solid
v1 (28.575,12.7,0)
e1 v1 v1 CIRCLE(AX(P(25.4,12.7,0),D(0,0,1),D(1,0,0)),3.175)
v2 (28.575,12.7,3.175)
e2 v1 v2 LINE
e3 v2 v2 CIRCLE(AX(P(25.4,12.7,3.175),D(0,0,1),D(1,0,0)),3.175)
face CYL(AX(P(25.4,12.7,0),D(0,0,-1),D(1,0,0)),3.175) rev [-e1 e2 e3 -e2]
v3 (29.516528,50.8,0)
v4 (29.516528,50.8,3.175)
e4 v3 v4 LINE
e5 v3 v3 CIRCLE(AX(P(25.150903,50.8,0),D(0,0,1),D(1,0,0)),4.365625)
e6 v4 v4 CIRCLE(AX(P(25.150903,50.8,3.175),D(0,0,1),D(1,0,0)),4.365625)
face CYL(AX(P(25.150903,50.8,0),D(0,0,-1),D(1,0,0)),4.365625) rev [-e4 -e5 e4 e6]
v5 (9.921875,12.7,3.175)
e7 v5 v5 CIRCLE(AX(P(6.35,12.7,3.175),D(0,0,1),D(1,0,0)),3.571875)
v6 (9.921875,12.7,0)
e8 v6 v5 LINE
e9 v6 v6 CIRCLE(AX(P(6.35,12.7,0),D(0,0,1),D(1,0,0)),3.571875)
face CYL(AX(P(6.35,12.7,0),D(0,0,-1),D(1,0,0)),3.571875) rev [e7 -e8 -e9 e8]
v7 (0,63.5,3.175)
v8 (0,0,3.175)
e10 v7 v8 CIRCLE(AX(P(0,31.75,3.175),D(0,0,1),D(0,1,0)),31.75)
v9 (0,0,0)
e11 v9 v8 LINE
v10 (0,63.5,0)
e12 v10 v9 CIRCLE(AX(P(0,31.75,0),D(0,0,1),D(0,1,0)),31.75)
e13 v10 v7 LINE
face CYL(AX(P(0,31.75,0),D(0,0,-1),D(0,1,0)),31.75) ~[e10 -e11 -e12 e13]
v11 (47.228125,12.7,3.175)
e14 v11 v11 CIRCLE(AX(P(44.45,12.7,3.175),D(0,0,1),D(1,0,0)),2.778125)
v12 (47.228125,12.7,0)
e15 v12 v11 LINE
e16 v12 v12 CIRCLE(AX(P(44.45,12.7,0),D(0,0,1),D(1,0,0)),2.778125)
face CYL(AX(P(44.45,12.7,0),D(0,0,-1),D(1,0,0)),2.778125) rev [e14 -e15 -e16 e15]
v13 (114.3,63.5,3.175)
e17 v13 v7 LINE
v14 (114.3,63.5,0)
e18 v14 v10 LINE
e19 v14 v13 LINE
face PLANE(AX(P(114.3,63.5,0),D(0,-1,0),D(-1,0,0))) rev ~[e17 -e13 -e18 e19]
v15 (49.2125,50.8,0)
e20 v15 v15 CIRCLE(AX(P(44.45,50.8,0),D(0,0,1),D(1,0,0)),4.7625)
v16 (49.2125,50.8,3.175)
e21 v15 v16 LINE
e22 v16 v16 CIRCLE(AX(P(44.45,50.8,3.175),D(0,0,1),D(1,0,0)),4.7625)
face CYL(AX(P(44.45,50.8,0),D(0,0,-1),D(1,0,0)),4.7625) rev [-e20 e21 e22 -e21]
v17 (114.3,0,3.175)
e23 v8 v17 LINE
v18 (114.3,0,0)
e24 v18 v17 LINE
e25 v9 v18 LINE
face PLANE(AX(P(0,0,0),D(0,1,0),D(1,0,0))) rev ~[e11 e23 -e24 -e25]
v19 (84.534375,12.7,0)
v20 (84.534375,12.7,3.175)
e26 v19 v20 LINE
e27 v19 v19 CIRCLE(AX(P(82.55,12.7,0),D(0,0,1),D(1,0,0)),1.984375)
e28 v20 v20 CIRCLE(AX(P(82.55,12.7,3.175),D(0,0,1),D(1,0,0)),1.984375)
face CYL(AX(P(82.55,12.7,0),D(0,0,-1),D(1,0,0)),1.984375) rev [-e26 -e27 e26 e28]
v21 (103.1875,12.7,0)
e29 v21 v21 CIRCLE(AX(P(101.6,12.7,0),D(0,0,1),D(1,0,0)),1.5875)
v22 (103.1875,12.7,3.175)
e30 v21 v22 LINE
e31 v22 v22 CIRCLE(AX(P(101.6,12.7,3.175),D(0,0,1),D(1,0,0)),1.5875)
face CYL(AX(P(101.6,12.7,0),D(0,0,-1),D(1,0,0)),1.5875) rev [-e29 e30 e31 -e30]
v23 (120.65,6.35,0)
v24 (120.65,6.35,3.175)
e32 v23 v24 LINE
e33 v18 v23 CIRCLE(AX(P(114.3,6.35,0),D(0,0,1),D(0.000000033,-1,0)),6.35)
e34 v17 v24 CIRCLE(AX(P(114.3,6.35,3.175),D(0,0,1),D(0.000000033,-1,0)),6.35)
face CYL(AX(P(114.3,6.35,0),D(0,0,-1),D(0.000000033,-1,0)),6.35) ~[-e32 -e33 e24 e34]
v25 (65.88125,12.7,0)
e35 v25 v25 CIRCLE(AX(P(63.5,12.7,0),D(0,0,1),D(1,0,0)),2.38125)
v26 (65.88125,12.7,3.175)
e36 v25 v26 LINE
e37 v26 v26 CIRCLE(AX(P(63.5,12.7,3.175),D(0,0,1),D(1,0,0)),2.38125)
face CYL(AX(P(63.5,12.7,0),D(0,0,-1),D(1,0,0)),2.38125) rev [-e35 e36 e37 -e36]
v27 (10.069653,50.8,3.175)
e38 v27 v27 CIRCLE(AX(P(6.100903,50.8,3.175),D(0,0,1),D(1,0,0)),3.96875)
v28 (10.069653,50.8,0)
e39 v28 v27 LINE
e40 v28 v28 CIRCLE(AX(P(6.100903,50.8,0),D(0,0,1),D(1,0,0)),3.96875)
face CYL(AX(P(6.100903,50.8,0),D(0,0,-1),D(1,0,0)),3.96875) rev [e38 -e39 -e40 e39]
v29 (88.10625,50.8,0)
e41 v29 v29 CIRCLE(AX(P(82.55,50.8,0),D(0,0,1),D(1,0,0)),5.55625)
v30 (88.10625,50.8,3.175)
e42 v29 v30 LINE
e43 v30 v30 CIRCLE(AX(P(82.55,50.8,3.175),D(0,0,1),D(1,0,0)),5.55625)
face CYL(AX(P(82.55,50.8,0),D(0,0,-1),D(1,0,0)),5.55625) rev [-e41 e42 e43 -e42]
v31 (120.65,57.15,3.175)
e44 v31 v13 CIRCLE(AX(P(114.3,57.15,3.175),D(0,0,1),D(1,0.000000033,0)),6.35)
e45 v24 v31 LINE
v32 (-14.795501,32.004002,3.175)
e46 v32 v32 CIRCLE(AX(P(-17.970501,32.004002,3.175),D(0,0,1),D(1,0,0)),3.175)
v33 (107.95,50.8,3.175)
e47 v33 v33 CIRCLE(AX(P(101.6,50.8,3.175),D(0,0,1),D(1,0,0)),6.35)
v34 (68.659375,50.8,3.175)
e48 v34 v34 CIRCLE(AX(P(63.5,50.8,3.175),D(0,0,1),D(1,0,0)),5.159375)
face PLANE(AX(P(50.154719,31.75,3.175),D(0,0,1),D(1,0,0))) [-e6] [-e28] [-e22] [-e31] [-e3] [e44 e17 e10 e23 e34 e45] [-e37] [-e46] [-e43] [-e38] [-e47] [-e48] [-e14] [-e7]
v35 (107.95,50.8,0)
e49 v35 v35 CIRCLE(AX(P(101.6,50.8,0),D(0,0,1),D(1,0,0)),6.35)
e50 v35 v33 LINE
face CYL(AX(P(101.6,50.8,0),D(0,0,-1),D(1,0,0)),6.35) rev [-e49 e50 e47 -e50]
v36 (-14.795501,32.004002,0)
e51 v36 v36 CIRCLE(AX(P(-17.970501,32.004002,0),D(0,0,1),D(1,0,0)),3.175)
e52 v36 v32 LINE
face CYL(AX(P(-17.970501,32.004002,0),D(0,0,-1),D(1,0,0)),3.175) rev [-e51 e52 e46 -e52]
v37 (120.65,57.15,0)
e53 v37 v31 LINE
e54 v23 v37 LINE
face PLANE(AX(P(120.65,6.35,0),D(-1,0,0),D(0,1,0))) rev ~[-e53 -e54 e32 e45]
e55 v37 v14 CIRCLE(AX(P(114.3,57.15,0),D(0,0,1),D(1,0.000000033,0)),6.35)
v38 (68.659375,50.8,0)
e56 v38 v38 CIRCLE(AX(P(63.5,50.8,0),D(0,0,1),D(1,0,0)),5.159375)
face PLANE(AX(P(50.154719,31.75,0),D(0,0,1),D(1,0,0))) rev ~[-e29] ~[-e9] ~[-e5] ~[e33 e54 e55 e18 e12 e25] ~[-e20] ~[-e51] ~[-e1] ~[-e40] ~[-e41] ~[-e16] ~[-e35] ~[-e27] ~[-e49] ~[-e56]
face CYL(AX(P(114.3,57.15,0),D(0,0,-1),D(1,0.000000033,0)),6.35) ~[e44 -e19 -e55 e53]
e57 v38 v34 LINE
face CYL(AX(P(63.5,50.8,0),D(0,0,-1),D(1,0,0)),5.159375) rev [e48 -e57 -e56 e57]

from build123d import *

# Parameters (mm, degrees)
F0_R     = 3.175
F0_R_2   = 3.571875
F0_R_3   = 3.96875
F0_R_4   = 4.365625
F0_R_5   = 2.778125
F0_R_6   = 2.38125
F0_R_7   = 4.7625
F0_R_8   = 5.159375
F0_R_9   = 1.984375
F0_R_10  = 1.5875
F0_R_11  = 5.55625
F0_R_12  = 6.35
F1_DEPTH = 3.175


with BuildPart() as f1:
    # F0 (on Top) → F1 (new body)
    with BuildSketch(Plane.XY):
        with BuildLine():
            ThreePointArc((0, 63.5), (-31.75, 31.75), (0, 0))
            Line((0, 0), (114.3, 0))
            ThreePointArc((114.3, 0), (118.790128, 1.859872), (120.65, 6.35))
            Line((120.65, 6.35), (120.65, 57.15))
            ThreePointArc((120.65, 57.15), (118.790128, 61.640128), (114.3, 63.5))
            Line((114.3, 63.5), (0, 63.5))
        make_face()
        with Locations((-17.970501, 32.004002)):
            Circle(F0_R, mode=Mode.SUBTRACT)
        with Locations((6.35, 12.7)):
            Circle(F0_R_2, mode=Mode.SUBTRACT)
        with Locations((6.100903, 50.8)):
            Circle(F0_R_3, mode=Mode.SUBTRACT)
        with Locations((25.150903, 50.8)):
            Circle(F0_R_4, mode=Mode.SUBTRACT)
        with Locations((25.4, 12.7)):
            Circle(F0_R, mode=Mode.SUBTRACT)
        with Locations((44.45, 12.7)):
            Circle(F0_R_5, mode=Mode.SUBTRACT)
        with Locations((63.5, 12.7)):
            Circle(F0_R_6, mode=Mode.SUBTRACT)
        with Locations((44.45, 50.8)):
            Circle(F0_R_7, mode=Mode.SUBTRACT)
        with Locations((63.5, 50.8)):
            Circle(F0_R_8, mode=Mode.SUBTRACT)
        with Locations((82.55, 12.7)):
            Circle(F0_R_9, mode=Mode.SUBTRACT)
        with Locations((101.6, 12.7)):
            Circle(F0_R_10, mode=Mode.SUBTRACT)
        with Locations((82.55, 50.8)):
            Circle(F0_R_11, mode=Mode.SUBTRACT)
        with Locations((101.6, 50.8)):
            Circle(F0_R_12, mode=Mode.SUBTRACT)
    extrude(amount=F1_DEPTH)


solid = f1.part
